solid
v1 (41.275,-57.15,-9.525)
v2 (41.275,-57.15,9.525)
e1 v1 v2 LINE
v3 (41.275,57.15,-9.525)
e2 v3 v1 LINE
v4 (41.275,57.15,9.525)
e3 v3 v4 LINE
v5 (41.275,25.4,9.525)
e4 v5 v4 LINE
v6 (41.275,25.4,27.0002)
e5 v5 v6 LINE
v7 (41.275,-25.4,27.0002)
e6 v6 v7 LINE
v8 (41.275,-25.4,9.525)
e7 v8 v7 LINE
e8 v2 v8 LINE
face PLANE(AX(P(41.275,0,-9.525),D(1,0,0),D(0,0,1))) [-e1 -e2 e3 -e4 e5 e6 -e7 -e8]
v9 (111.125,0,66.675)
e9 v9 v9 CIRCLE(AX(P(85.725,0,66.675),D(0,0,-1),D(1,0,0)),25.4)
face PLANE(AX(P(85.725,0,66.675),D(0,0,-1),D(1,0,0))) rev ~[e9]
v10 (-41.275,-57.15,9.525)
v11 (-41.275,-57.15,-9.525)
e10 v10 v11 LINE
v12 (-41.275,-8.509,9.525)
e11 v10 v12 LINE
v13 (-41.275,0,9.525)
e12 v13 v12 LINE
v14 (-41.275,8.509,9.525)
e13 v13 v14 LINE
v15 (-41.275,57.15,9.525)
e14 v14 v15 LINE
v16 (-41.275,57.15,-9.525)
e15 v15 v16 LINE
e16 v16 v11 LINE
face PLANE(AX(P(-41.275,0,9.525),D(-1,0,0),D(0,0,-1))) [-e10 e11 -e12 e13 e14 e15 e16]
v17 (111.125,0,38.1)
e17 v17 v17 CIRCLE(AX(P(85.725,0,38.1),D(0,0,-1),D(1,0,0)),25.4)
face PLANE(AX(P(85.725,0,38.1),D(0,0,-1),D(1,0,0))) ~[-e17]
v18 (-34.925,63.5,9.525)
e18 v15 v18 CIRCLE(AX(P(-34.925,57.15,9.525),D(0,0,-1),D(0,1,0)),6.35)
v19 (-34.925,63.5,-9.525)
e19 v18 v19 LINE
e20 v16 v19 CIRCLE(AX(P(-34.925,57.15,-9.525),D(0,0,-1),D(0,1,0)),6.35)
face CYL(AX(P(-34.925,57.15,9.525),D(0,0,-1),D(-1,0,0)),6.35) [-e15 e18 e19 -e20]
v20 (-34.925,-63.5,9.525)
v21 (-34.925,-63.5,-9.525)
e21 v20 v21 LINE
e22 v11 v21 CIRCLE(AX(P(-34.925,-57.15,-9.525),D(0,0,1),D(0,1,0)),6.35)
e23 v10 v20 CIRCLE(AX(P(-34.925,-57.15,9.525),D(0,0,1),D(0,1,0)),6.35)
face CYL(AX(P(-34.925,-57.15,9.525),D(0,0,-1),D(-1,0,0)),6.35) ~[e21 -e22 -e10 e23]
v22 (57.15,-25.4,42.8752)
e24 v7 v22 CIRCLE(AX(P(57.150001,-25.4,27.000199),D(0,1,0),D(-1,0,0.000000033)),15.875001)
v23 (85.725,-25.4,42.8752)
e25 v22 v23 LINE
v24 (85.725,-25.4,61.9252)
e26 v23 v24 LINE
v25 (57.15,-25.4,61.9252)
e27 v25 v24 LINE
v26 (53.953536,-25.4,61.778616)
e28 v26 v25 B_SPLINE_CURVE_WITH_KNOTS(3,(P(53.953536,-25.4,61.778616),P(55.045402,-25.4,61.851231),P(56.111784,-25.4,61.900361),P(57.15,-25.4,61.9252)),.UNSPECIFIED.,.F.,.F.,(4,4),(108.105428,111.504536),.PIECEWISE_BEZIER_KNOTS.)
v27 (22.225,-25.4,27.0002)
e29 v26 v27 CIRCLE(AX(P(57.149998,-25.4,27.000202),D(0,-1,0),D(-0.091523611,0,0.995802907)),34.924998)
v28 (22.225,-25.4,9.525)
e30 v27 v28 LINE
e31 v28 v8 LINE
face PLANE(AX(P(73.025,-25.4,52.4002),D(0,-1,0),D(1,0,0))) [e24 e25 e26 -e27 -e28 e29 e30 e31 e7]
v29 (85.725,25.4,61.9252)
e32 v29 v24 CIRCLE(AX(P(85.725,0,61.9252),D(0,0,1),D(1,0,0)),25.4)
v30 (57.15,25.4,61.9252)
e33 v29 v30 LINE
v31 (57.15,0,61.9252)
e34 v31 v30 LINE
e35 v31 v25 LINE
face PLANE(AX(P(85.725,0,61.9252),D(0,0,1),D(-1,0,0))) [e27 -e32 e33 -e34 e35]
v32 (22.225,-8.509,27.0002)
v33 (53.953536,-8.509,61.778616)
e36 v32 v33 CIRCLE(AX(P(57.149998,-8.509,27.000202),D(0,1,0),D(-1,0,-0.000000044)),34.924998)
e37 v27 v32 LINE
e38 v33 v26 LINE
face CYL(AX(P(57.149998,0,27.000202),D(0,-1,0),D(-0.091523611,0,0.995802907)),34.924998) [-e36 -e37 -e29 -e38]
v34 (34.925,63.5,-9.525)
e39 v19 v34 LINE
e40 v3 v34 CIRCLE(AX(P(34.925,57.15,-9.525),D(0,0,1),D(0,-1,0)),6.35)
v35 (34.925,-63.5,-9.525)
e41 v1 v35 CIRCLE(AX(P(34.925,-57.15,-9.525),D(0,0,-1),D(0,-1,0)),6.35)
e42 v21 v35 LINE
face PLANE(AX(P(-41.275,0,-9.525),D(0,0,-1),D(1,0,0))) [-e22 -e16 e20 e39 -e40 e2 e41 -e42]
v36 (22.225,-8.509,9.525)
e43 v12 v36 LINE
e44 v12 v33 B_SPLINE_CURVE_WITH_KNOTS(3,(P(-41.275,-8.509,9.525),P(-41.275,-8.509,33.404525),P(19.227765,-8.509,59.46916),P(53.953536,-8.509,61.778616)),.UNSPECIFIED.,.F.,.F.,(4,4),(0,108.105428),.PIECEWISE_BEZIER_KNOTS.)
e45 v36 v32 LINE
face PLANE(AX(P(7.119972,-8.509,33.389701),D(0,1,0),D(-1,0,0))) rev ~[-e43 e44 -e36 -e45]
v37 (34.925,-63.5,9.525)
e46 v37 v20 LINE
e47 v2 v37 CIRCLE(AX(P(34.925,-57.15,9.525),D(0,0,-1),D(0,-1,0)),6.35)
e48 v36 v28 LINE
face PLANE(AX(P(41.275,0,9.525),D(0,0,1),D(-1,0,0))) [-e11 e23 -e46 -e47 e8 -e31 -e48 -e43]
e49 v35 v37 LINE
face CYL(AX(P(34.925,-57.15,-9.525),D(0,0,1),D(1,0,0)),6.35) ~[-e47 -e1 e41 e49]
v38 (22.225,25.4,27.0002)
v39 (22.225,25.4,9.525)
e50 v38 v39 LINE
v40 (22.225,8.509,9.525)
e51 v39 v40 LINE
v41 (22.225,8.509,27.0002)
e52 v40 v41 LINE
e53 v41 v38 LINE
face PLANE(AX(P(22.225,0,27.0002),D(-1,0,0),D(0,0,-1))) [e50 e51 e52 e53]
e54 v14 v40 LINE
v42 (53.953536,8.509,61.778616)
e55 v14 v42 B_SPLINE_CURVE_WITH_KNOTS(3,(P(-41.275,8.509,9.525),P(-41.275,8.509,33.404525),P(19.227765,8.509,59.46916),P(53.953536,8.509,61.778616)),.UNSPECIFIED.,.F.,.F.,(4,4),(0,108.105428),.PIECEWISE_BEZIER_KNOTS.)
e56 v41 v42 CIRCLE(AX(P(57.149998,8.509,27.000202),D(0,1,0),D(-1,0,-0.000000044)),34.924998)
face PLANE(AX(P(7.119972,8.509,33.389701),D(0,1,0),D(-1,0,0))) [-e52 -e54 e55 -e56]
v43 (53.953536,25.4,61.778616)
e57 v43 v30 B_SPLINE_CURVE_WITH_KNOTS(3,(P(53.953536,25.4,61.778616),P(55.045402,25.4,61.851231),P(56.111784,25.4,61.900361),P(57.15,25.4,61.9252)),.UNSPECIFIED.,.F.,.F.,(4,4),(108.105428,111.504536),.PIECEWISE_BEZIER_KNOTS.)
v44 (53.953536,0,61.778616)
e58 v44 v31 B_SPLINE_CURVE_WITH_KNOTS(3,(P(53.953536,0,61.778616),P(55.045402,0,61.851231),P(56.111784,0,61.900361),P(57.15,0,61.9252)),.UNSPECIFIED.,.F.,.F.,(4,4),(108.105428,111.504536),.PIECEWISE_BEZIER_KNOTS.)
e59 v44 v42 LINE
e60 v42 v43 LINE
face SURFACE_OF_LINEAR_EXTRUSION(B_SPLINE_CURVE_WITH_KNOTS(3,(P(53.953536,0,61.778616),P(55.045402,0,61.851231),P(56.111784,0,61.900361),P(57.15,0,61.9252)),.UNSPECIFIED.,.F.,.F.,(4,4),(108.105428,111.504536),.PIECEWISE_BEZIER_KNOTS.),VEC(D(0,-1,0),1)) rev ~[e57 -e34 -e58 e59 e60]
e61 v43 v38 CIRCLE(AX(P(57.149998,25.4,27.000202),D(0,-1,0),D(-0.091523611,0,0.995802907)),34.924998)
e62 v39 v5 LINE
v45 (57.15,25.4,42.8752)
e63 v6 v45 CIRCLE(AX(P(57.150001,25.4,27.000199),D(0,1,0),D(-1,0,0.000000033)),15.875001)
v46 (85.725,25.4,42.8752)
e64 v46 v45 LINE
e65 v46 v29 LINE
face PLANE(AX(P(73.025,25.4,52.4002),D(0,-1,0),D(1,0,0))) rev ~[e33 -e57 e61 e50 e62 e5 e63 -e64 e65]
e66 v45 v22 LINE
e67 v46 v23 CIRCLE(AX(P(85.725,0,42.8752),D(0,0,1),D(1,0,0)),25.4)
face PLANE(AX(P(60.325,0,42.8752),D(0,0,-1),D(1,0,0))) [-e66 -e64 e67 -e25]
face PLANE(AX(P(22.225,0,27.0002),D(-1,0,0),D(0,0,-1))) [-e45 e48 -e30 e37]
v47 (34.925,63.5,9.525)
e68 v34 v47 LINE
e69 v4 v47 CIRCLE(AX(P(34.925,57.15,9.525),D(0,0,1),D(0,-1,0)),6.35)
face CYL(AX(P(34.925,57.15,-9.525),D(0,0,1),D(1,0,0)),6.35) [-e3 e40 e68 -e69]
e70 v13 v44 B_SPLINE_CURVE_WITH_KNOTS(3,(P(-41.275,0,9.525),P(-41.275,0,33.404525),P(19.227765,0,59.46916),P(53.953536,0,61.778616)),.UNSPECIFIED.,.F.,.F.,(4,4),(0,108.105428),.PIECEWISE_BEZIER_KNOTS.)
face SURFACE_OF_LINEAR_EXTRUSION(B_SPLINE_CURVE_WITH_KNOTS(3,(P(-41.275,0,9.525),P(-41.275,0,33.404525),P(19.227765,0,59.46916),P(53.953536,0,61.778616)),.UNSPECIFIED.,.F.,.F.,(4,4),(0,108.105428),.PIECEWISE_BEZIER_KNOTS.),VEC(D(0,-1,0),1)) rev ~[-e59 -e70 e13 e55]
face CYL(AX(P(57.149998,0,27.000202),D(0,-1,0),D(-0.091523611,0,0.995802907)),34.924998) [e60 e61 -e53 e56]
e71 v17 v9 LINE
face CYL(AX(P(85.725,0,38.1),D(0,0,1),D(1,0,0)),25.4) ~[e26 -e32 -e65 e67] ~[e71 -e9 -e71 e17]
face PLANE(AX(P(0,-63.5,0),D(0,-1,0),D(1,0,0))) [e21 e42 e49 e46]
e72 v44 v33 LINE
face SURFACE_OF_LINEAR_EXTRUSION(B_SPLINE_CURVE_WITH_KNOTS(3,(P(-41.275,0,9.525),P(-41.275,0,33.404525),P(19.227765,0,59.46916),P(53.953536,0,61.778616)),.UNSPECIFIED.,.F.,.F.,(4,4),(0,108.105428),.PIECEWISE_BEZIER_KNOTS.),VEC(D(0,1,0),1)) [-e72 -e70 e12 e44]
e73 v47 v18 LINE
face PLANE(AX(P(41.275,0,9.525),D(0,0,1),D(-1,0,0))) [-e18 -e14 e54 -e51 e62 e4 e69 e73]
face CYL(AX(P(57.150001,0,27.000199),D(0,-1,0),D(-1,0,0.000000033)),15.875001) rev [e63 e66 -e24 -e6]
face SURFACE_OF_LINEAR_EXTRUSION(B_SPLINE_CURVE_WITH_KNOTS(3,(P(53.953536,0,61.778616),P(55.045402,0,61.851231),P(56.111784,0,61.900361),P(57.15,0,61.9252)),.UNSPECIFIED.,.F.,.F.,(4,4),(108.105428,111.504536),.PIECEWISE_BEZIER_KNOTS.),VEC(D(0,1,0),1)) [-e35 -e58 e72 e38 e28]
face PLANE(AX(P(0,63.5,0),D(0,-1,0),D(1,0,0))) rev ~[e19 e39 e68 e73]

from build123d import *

# Parameters (mm, degrees)
F1_DEPTH = 63.5
F2_DEPTH = 25.4
F3_DEPTH = 8.509
F4_DEPTH = 25.4
F6_R     = 6.35


with BuildPart() as f1:
    # F0 (on Front) → F1 (new body, symmetric)
    with BuildSketch(Plane.XZ):
        Polygon((22.225, 9.525), (-41.275, 9.525), (-41.275, -9.525), (41.275, -9.525), (41.275, 9.525), align=None)
    extrude(amount=F1_DEPTH, both=True)

    # F0 (on Front) → F2 (join, symmetric)
    with BuildSketch(Plane.XZ):
        with BuildLine():
            Line((22.225, 27.0002), (22.225, 9.525))
            Line((22.225, 9.525), (41.275, 9.525))
            Line((41.275, 9.525), (41.275, 27.0002))
            ThreePointArc((41.275, 27.0002), (45.92468, 38.22552), (57.15, 42.8752))
            Line((57.15, 42.8752), (60.325, 42.8752))
            Line((60.325, 42.8752), (60.325, 61.9252))
            Line((60.325, 61.9252), (57.15, 61.9252))
            add(Edge.make_bspline(
                [(53.953536, 61.778616), (55.045402, 61.851231), (56.111784, 61.900361), (57.15, 61.9252)],
                knots=[108.105428, 108.105428, 108.105428, 108.105428, 111.504536, 111.504536, 111.504536, 111.504536], degree=3))
            ThreePointArc((53.953536, 61.778616), (31.348913, 50.53867), (22.225, 27.0002))
        make_face()
    extrude(amount=F2_DEPTH, both=True)

    # F0 (on Front) → F3 (join, symmetric)
    with BuildSketch(Plane.XZ):
        with BuildLine():
            add(Edge.make_bspline(
                [(-41.275, 9.525), (-41.275, 33.404525), (19.227765, 59.46916), (53.953536, 61.778616)],
                knots=[0, 0, 0, 0, 108.105428, 108.105428, 108.105428, 108.105428], degree=3))
            Line((-41.275, 9.525), (22.225, 9.525))
            Line((22.225, 9.525), (22.225, 27.0002))
            ThreePointArc((22.225, 27.0002), (31.348913, 50.53867), (53.953536, 61.778616))
        make_face()
    extrude(amount=F3_DEPTH, both=True)

    # F0 (on Front) → F4 (join, symmetric)
    with BuildSketch(Plane.XZ):
        Polygon((76.154022, 61.9252), (60.325, 61.9252), (60.325, 42.8752), (76.154022, 42.8752), (85.725, 42.8752), (85.725, 61.9252), align=None)
    extrude(amount=F4_DEPTH, both=True)

    # F0 (on Front) → F5 (revolve)
    with BuildSketch(Plane.XZ):
        Polygon((111.125, 66.675), (85.725, 66.675), (85.725, 61.9252), (85.725, 42.8752), (85.725, 38.1), (111.125, 38.1), align=None)
    revolve(axis=Axis((85.725, 0, 52.3875), (0, 0, -1)))

    # F6
    f6_edges = [f1.edges().sort_by_distance(p)[0] for p in [
        (-41.275, 63.5, 0),
        (41.275, 63.5, 0),
        (-41.275, -63.5, 0),
        (41.275, -63.5, 0),
    ]]
    fillet(f6_edges, radius=F6_R)


solid = f1.part
